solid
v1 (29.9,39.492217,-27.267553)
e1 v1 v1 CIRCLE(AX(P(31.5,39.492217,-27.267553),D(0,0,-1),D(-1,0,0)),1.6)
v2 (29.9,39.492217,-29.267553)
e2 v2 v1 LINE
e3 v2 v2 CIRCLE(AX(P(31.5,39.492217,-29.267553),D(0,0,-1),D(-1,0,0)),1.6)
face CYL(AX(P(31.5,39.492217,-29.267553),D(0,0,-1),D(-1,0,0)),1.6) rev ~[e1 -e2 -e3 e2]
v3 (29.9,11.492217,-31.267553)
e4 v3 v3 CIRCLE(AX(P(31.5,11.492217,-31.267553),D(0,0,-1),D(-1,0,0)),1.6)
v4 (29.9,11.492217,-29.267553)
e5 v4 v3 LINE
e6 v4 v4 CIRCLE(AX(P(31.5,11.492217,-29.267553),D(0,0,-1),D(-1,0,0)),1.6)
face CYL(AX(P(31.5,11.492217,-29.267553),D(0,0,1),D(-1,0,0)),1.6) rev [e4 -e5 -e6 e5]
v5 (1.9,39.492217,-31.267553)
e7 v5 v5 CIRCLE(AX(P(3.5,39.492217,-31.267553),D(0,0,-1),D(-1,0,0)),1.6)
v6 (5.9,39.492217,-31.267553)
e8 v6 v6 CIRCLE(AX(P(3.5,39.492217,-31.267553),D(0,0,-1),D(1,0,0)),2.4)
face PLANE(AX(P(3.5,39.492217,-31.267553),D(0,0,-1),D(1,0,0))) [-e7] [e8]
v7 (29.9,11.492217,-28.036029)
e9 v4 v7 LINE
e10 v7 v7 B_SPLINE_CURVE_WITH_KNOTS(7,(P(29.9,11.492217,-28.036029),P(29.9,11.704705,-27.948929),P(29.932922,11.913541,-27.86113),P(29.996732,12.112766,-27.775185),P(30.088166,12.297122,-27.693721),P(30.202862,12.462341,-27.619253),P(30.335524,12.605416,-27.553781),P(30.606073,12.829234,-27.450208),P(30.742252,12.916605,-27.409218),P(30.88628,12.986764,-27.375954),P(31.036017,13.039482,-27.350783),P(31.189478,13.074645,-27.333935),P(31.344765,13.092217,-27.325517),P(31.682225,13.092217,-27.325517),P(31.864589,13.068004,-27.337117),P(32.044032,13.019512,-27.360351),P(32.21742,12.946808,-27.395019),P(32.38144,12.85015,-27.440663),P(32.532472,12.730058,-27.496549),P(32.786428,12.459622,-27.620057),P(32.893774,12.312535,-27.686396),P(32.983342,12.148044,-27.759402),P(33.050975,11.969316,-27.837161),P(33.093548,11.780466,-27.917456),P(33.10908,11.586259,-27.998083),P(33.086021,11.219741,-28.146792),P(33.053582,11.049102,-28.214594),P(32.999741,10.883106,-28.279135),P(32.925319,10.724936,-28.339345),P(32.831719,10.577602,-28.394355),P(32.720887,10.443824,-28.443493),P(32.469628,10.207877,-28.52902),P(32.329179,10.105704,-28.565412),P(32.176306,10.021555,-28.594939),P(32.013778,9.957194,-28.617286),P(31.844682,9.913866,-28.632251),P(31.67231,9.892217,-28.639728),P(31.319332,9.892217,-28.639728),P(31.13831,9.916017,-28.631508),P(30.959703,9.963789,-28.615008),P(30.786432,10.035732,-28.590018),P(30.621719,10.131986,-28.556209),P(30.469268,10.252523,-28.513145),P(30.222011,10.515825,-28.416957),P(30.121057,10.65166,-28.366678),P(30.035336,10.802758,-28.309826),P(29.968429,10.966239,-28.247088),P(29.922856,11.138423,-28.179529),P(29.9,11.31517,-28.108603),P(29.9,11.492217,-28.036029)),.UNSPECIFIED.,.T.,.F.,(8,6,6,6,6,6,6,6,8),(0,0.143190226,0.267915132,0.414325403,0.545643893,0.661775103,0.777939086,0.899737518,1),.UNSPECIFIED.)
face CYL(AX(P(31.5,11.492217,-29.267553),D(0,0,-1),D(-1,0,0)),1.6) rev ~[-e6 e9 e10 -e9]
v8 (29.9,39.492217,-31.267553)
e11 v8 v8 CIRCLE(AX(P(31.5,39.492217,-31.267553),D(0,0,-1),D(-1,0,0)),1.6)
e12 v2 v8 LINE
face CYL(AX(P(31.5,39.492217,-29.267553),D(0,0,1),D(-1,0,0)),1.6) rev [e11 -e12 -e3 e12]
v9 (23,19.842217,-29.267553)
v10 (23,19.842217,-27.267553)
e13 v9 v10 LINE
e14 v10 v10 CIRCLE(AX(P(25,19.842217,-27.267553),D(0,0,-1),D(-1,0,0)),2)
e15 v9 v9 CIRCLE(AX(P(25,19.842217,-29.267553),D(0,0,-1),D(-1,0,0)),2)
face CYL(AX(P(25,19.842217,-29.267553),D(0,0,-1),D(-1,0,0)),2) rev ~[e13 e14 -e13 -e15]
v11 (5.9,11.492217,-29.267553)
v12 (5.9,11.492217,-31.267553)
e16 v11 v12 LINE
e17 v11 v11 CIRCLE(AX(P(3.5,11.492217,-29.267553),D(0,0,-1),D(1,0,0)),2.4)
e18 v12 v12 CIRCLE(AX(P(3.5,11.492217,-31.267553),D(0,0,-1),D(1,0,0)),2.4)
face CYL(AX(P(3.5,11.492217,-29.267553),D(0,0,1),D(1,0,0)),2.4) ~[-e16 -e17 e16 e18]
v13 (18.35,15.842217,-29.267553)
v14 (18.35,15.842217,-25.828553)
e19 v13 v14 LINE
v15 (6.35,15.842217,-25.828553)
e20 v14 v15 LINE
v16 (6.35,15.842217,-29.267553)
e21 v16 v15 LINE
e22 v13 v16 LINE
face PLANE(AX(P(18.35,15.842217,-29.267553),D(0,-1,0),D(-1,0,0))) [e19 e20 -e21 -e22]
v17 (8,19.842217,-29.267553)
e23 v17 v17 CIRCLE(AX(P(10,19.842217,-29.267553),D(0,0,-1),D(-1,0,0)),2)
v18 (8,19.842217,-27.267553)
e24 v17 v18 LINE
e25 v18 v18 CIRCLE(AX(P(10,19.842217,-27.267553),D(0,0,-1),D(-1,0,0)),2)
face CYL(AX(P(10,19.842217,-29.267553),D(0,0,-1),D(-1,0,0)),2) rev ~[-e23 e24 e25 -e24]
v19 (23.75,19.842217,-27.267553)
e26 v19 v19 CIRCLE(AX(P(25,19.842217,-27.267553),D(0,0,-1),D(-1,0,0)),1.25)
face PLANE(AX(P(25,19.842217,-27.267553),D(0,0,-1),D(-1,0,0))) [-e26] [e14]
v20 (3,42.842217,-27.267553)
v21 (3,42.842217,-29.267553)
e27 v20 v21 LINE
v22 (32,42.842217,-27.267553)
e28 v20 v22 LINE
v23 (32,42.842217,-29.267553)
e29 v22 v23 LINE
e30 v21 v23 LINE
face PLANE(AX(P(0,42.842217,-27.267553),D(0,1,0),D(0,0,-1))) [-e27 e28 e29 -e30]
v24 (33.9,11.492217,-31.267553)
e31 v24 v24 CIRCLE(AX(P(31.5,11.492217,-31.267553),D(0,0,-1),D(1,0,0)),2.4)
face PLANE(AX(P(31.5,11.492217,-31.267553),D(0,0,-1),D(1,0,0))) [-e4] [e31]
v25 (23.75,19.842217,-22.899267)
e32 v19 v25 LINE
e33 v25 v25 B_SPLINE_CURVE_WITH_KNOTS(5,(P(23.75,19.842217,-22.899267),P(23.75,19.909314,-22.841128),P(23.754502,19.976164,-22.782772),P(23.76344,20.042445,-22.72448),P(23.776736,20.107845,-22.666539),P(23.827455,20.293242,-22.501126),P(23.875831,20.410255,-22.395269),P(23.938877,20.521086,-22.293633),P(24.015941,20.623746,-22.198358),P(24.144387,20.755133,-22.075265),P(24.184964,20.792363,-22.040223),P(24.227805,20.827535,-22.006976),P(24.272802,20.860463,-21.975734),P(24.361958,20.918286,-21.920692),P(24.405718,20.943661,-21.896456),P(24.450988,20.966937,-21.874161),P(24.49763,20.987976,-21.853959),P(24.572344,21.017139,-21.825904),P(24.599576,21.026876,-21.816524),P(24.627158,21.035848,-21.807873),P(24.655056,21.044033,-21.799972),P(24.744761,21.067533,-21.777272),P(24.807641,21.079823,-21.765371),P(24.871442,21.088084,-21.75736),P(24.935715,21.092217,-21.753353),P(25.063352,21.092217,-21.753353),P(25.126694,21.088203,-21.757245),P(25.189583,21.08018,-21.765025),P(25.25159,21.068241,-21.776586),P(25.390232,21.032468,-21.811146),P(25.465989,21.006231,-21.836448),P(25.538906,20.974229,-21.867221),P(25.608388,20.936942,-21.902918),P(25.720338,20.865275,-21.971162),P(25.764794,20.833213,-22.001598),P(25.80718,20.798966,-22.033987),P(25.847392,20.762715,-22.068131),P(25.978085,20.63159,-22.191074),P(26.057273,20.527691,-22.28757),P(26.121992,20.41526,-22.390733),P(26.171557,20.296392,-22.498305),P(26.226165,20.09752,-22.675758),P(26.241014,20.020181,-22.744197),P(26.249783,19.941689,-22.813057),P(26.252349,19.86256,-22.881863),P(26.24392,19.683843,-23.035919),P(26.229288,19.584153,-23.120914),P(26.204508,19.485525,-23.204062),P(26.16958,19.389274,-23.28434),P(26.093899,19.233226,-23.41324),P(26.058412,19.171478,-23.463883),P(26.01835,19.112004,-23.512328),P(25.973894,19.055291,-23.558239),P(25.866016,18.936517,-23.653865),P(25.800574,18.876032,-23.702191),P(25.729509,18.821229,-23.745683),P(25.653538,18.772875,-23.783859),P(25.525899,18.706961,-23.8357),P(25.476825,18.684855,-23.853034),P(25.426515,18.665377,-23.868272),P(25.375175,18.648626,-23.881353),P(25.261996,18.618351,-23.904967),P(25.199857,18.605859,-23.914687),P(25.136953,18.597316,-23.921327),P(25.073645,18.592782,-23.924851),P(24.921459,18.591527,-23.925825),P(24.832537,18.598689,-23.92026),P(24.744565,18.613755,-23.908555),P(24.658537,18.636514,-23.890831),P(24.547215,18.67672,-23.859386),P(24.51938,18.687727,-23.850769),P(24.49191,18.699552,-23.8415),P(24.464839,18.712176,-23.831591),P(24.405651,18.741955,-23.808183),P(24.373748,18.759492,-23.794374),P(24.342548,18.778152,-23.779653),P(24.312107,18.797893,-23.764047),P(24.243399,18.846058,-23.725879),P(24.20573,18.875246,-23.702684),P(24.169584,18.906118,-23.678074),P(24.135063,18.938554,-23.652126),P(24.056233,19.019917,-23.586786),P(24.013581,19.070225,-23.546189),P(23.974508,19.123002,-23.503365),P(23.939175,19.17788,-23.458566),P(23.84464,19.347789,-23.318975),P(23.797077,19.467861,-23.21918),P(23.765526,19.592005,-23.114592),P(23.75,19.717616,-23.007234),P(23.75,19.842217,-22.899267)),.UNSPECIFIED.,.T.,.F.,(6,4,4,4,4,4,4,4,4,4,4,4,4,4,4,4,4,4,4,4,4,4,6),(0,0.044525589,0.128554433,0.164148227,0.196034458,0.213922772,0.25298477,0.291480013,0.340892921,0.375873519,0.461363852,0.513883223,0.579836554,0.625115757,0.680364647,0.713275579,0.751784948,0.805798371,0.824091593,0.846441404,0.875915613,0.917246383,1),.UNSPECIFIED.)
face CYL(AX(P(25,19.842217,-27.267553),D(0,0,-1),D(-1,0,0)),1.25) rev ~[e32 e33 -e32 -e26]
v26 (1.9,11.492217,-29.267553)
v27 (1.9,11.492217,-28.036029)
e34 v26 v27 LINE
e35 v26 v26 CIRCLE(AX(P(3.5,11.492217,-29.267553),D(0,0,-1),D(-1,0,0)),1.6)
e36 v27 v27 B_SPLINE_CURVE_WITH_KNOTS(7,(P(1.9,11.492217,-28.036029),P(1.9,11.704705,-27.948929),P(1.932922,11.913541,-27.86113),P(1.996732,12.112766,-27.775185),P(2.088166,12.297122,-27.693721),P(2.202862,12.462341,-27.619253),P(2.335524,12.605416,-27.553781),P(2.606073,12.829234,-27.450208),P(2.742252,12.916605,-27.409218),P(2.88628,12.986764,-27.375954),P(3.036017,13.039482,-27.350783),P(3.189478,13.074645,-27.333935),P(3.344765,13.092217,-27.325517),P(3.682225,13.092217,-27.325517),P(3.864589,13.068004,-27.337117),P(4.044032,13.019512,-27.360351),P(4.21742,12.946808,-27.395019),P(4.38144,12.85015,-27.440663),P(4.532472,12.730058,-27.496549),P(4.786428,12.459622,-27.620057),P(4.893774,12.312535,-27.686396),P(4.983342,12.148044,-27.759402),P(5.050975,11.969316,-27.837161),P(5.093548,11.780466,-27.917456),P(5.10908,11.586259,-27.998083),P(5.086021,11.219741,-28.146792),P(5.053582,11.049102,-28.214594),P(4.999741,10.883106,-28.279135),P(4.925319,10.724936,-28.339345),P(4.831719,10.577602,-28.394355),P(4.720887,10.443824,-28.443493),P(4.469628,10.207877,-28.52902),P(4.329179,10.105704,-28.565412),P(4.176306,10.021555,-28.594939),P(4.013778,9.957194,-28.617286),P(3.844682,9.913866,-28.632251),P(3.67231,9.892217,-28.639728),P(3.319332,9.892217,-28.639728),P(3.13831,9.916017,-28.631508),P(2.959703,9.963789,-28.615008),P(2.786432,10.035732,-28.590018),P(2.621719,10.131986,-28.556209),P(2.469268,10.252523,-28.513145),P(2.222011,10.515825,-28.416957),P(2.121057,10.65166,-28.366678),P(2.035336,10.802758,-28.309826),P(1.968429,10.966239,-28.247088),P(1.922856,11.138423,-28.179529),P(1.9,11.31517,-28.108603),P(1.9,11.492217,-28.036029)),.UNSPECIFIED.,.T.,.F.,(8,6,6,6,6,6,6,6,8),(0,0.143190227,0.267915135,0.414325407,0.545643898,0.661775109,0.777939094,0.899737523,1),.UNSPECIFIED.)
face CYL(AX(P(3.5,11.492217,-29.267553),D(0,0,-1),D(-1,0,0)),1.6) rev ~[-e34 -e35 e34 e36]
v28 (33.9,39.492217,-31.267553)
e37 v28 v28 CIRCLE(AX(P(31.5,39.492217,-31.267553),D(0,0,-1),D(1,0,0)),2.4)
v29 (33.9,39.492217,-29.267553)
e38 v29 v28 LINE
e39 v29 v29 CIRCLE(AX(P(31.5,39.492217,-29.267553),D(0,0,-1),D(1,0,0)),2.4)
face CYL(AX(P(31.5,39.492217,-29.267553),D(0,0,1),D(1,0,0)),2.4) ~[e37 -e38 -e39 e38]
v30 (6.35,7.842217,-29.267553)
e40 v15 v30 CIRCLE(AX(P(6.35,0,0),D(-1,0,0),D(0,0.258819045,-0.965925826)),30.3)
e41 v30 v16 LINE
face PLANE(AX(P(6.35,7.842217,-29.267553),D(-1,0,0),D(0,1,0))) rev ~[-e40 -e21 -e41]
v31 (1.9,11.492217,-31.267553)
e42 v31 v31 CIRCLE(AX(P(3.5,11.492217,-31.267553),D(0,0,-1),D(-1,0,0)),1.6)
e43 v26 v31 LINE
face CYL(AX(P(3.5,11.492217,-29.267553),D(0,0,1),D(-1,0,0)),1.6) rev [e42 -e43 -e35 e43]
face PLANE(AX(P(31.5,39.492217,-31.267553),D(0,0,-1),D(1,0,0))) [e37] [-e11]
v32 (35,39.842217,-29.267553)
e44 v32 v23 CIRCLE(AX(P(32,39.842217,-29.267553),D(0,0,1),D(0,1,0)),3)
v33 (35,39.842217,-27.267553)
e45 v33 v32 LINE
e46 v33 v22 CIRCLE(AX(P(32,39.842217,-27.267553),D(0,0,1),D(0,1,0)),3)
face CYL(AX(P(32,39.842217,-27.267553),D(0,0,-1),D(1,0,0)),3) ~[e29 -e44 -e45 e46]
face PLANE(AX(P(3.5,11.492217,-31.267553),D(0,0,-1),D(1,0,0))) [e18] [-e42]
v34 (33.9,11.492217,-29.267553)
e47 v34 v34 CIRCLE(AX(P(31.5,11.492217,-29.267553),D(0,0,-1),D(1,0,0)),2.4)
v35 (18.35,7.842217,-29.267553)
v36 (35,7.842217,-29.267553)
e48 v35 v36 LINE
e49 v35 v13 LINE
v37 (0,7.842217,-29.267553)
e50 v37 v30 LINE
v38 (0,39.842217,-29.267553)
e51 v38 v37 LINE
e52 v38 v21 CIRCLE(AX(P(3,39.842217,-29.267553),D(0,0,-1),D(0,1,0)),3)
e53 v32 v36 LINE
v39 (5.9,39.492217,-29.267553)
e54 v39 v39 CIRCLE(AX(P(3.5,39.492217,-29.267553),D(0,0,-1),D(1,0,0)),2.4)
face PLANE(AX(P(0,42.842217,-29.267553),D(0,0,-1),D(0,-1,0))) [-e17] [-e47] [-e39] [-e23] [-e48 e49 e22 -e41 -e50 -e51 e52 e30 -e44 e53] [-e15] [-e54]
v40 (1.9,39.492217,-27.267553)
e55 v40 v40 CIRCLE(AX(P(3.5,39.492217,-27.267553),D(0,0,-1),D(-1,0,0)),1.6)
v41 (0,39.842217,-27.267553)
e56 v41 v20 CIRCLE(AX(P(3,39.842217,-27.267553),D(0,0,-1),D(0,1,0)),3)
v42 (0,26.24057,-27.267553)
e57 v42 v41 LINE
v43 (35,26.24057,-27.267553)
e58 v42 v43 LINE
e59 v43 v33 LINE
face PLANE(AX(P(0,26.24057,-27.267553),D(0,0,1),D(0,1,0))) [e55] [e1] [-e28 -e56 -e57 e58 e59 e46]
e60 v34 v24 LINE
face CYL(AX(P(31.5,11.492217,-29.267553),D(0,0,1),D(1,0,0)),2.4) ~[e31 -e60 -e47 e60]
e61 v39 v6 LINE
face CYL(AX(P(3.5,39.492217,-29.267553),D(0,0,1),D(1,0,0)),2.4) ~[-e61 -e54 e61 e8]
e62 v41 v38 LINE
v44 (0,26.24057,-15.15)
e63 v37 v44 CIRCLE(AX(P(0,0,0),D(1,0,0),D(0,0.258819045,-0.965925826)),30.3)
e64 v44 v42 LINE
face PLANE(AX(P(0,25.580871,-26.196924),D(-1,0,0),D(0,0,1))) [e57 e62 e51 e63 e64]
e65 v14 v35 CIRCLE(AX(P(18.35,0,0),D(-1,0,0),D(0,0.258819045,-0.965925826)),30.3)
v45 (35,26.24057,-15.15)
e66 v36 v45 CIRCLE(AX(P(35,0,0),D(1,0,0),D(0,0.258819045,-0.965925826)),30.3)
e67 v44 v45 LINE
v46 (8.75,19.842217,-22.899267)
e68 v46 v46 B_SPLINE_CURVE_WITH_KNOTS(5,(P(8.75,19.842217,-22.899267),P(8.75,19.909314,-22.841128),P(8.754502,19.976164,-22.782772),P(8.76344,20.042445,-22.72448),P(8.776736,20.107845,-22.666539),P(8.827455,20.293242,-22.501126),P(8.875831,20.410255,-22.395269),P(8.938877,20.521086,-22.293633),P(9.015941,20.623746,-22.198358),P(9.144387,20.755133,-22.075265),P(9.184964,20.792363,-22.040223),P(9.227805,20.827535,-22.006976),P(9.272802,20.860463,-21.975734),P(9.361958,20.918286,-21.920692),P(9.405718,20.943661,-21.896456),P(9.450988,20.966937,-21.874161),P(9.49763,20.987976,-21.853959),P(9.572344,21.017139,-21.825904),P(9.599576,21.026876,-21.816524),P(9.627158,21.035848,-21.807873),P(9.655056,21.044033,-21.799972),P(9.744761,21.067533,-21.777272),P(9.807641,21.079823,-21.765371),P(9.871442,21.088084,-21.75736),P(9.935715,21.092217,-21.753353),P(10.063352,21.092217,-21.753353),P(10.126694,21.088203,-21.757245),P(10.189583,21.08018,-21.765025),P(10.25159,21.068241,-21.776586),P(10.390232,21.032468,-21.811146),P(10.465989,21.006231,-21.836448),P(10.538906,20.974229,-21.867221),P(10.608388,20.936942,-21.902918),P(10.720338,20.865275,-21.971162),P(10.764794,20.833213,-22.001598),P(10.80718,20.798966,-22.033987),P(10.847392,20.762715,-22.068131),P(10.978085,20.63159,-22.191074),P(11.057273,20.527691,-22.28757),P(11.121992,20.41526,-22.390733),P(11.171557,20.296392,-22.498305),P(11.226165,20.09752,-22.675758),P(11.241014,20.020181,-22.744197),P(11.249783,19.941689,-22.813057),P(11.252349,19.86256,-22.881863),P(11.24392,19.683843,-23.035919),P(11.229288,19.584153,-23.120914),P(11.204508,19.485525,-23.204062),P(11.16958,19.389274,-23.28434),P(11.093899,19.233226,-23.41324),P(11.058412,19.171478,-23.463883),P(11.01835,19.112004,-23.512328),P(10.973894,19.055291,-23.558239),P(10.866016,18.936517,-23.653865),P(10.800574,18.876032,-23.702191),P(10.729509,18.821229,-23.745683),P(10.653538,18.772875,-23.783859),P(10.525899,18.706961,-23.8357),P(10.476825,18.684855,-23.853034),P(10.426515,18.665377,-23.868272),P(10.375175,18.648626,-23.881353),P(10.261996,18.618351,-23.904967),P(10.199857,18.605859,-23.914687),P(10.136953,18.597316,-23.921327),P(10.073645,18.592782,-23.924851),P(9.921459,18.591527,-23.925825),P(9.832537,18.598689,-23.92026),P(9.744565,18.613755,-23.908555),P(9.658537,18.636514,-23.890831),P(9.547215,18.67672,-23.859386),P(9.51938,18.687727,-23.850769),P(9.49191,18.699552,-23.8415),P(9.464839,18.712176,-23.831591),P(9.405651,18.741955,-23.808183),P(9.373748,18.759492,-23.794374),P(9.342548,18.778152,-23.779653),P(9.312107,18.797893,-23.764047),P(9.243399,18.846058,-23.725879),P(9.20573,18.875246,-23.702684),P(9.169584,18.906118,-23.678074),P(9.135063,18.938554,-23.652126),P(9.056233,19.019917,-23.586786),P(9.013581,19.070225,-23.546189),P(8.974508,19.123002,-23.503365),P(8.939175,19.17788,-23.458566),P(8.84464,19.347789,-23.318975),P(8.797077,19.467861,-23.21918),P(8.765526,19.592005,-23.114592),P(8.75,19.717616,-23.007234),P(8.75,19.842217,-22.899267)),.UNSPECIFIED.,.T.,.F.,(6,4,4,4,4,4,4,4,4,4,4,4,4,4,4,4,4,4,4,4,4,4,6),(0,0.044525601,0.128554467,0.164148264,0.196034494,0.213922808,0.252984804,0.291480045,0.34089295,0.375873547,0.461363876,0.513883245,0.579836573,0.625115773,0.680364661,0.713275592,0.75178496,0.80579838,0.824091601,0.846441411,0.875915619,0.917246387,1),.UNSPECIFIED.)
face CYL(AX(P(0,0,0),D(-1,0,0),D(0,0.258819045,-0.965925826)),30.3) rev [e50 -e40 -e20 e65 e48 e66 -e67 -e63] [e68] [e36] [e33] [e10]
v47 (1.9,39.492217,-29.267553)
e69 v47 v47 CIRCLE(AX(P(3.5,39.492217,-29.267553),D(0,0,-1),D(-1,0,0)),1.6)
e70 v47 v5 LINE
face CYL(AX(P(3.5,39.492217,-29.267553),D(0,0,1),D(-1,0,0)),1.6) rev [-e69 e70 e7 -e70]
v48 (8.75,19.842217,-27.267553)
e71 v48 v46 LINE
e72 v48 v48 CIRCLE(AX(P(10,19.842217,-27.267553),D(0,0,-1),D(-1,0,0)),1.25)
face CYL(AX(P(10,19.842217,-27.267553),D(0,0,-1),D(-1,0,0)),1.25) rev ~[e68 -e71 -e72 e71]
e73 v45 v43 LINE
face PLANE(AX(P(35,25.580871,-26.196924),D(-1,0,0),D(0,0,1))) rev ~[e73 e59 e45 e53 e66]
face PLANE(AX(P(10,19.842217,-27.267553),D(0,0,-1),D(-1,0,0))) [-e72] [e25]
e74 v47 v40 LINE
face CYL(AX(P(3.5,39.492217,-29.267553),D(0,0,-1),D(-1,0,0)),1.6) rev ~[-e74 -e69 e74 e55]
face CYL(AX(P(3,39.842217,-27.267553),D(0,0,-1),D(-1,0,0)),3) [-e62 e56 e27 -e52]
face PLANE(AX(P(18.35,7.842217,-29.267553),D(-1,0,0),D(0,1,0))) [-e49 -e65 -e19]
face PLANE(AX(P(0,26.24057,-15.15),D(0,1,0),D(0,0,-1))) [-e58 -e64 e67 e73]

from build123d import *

# Parameters (mm, degrees)
SALIENTE_EXTRUIR1_DEPTH = 35
CROQUIS4_R              = 2
CORTAR_EXTRUIR1_DEPTH   = 2
CROQUIS5_R              = 1.25
CORTAR_EXTRUIR2_DEPTH   = 57.632946618
CROQUIS6_W              = 12
CROQUIS6_H              = 8
CORTAR_EXTRUIR3_DEPTH   = 58.094315502
CROQUIS7_R              = 2.4
CROQUIS7_R_2            = 1.6
SALIENTE_EXTRUIR3_DEPTH = 2
CROQUIS10_R             = 1.6
CORTAR_EXTRUIR6_DEPTH   = 58.094315502
REDONDEO1_R             = 3


with BuildPart() as part:
    # Croquis3 → Saliente-Extruir1 (new body)
    with BuildSketch(Plane(origin=(0, 0, 0), x_dir=(0, 0, -1), z_dir=(1, 0, 0))):
        with BuildLine():
            Line((15.15, 26.240569735), (27.267552537, 26.240569735))
            Line((27.267552537, 26.240569735), (27.267552537, 42.842217067))
            Line((27.267552537, 42.842217067), (29.267552537, 42.842217067))
            Line((29.267552537, 42.842217067), (29.267552537, 7.842217067))
            ThreePointArc((29.267552537, 7.842217067), (24.038606211, 18.445471299), (15.15, 26.240569735))
        make_face()
    extrude(amount=SALIENTE_EXTRUIR1_DEPTH)

    # Croquis4 → Cortar-Extruir1 (cut)
    with BuildSketch(Plane(origin=(0, 0, -29.267552537), x_dir=(-1, 0, 0), z_dir=(0, 0, -1))):
        with Locations((-25, 19.842217067)):
            Circle(CROQUIS4_R)
        with Locations((-10, 19.842217067)):
            Circle(CROQUIS4_R)
    extrude(amount=-CORTAR_EXTRUIR1_DEPTH, mode=Mode.SUBTRACT)

    # Croquis5 → Cortar-Extruir2 (cut, through all)
    with BuildSketch(Plane(origin=(0, 0, -27.267552537), x_dir=(-1, 0, 0), z_dir=(0, 0, -1))):
        with Locations((-25, 19.842217067)):
            Circle(CROQUIS5_R)
        with Locations((-10, 19.842217067)):
            Circle(CROQUIS5_R)
    extrude(amount=-CORTAR_EXTRUIR2_DEPTH, mode=Mode.SUBTRACT)

    # Croquis6 → Cortar-Extruir3 (cut, through all)
    with BuildSketch(Plane(origin=(0, 0, -29.267552537), x_dir=(-1, 0, 0), z_dir=(0, 0, -1))):
        with Locations((-12.35, 11.842217067)):
            Rectangle(CROQUIS6_W, CROQUIS6_H)
    extrude(amount=-CORTAR_EXTRUIR3_DEPTH, mode=Mode.SUBTRACT)

    # Croquis7 → Saliente-Extruir3 (add)
    # profile 1 of 4: a face of its own
    with BuildSketch(Plane(origin=(0, 0, -29.267552537), x_dir=(-1, 0, 0), z_dir=(0, 0, -1))):
        with Locations(Location((-31.5, 39.492217067, 0), (0, 0, 180))):
            Circle(CROQUIS7_R)
        with Locations((-31.5, 39.492217067)):
            Circle(CROQUIS7_R_2, mode=Mode.SUBTRACT)
    # profile 2 of 4: a face of its own
    with BuildSketch(Plane(origin=(0, 0, -29.267552537), x_dir=(-1, 0, 0), z_dir=(0, 0, -1))):
        with Locations(Location((-3.5, 39.492217067, 0), (0, 0, 180))):
            Circle(CROQUIS7_R)
        with Locations((-3.5, 39.492217067)):
            Circle(CROQUIS7_R_2, mode=Mode.SUBTRACT)
    # profile 3 of 4: a face of its own
    with BuildSketch(Plane(origin=(0, 0, -29.267552537), x_dir=(-1, 0, 0), z_dir=(0, 0, -1))):
        with Locations(Location((-3.5, 11.492217067, 0), (0, 0, 180))):
            Circle(CROQUIS7_R)
        with Locations((-3.5, 11.492217067)):
            Circle(CROQUIS7_R_2, mode=Mode.SUBTRACT)
    # profile 4 of 4: a face of its own
    with BuildSketch(Plane(origin=(0, 0, -29.267552537), x_dir=(-1, 0, 0), z_dir=(0, 0, -1))):
        with Locations(Location((-31.5, 11.492217067, 0), (0, 0, 180))):
            Circle(CROQUIS7_R)
        with Locations((-31.5, 11.492217067)):
            Circle(CROQUIS7_R_2, mode=Mode.SUBTRACT)
    extrude(amount=SALIENTE_EXTRUIR3_DEPTH)

    # Croquis10 → Cortar-Extruir6 (cut, through all)
    with BuildSketch(Plane(origin=(0, 0, -29.267552537), x_dir=(-1, 0, 0), z_dir=(0, 0, -1))):
        with Locations((-31.5, 11.492217067)):
            Circle(CROQUIS10_R)
        with Locations((-3.5, 11.492217067)):
            Circle(CROQUIS10_R)
        with Locations((-3.5, 39.492217067)):
            Circle(CROQUIS10_R)
        with Locations((-31.5, 39.492217067)):
            Circle(CROQUIS10_R)
    extrude(amount=-CORTAR_EXTRUIR6_DEPTH, mode=Mode.SUBTRACT)

    # Redondeo1
    redondeo1_edges = [part.edges().sort_by_distance(p)[0] for p in [
        (35, 42.842217067, -28.267552537),
        (0, 42.842217067, -28.267552537),
    ]]
    fillet(redondeo1_edges, radius=REDONDEO1_R)


solid = part.part
